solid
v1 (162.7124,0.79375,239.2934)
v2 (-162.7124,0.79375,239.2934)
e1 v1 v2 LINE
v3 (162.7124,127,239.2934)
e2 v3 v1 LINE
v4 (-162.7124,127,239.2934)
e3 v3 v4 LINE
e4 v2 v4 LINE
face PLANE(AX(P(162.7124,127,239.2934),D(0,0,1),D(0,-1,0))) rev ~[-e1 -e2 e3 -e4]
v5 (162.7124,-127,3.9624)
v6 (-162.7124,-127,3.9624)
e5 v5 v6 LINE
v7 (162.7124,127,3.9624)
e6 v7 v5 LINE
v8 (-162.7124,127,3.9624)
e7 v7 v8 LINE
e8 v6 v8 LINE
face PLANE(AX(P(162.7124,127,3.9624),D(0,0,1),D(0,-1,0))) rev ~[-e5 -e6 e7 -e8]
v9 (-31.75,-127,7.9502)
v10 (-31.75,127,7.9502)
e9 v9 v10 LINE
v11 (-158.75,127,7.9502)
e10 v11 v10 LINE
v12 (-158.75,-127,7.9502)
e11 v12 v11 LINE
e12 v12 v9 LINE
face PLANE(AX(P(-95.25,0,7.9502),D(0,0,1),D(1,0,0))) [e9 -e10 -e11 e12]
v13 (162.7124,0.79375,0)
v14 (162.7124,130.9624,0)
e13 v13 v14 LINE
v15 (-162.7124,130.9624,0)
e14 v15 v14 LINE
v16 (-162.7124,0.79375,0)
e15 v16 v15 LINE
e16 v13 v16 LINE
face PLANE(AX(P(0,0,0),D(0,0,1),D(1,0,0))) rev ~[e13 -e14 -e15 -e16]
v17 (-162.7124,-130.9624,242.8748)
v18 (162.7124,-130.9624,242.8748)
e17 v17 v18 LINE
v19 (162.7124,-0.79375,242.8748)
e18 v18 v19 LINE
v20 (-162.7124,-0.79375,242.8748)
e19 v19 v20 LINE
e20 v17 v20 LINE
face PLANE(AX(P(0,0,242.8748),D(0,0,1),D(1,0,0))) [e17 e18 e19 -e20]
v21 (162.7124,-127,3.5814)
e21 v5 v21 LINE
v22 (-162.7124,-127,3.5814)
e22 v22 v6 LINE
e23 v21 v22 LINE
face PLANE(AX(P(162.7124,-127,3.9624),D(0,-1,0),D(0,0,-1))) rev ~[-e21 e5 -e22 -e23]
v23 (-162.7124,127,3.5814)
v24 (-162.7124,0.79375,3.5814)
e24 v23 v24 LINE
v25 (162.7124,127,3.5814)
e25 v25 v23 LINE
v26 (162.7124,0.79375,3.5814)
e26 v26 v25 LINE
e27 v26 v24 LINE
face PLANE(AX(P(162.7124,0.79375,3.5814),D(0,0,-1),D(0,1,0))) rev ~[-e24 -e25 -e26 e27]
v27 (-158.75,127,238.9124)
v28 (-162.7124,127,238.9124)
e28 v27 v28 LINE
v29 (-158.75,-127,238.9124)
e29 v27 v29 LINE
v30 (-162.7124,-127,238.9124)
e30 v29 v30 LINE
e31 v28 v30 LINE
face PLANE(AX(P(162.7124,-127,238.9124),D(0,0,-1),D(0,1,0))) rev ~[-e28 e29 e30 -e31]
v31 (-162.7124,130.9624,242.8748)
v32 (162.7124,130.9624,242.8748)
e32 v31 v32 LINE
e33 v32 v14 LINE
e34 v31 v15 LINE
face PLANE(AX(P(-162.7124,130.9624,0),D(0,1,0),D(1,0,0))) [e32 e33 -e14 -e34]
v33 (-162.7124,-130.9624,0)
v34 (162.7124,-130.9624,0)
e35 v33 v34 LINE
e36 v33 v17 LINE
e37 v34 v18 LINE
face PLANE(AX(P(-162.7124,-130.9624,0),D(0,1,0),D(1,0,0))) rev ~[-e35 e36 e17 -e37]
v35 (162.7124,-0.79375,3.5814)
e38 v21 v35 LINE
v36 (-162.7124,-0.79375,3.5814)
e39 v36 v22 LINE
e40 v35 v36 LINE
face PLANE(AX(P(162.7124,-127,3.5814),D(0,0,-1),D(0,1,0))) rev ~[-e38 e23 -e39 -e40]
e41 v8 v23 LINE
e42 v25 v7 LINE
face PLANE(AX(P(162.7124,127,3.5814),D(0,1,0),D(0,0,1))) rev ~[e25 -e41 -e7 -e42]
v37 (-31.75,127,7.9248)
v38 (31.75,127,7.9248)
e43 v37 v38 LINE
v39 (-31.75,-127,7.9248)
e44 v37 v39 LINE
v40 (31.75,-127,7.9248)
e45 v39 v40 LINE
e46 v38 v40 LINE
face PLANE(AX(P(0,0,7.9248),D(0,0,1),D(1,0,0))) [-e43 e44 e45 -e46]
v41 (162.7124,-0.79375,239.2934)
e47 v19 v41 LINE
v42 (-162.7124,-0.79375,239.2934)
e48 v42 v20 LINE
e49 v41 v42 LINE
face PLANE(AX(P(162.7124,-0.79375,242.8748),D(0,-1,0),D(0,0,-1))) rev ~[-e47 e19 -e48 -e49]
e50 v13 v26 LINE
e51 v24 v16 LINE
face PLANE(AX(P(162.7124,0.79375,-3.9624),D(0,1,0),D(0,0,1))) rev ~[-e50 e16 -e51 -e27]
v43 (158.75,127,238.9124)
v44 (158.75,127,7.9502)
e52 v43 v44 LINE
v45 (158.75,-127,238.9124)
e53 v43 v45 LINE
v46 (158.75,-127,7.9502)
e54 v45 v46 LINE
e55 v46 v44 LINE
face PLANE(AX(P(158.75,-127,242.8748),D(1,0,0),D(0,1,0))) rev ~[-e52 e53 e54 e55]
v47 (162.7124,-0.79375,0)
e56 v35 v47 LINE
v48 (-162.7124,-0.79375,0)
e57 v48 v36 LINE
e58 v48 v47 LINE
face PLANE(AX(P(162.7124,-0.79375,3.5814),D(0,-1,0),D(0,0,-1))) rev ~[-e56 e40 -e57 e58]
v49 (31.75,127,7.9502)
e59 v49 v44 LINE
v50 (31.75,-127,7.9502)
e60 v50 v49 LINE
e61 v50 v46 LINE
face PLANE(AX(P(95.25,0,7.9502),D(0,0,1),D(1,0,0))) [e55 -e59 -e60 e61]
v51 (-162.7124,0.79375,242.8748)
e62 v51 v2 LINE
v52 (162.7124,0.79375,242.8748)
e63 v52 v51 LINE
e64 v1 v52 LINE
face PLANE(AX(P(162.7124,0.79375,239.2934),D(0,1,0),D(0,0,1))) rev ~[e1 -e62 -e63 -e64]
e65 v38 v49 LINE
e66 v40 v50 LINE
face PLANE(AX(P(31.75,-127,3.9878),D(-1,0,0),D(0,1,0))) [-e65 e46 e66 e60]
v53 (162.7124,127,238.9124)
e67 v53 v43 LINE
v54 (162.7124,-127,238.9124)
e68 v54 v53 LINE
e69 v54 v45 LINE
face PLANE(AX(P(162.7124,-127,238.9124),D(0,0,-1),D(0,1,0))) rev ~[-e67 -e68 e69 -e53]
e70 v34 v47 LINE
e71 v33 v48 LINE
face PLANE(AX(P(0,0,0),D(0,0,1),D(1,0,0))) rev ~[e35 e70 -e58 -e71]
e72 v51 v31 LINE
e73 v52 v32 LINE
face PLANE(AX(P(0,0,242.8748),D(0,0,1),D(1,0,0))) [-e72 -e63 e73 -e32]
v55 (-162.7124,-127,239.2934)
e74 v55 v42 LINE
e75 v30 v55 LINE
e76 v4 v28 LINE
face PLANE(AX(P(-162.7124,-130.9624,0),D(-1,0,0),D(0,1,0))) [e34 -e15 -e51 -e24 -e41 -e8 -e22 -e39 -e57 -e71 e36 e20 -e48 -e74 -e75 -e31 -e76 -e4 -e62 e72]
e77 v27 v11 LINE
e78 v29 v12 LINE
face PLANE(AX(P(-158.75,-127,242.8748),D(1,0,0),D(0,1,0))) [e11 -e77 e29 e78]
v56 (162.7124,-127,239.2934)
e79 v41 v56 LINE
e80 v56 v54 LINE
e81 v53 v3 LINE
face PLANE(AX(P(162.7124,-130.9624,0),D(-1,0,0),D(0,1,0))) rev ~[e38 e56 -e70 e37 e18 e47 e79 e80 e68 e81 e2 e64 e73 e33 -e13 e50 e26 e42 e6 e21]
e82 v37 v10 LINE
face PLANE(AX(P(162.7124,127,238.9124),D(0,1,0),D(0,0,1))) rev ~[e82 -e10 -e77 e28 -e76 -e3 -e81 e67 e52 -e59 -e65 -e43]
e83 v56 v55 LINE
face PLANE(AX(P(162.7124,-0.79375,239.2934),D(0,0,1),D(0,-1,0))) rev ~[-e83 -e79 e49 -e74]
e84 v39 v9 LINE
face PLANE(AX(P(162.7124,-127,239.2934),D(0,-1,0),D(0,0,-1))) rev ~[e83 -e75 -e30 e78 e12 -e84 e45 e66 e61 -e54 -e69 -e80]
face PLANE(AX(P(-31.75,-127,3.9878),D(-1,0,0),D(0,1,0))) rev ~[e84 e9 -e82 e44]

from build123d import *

# Parameters (mm, degrees)
F0_W      = 325.4248
F0_H      = 261.9248
F1_DEPTH  = 242.8748
F2_W      = 317.5
F2_H      = 254
F3_DEPTH  = 234.95
F5_DEPTH  = 698.5
F7_W      = 127
F7_H      = 254
F8_DEPTH  = 3.9624
F10_W     = 325.4248
F10_H     = 261.9248
F11_DEPTH = 3.9624
F13_DEPTH = 338.328


with BuildPart() as f1:
    # F0 (on Top) → F1 (new body)
    with BuildSketch(Plane.XY):
        Rectangle(F0_W, F0_H)
    extrude(amount=F1_DEPTH)

    # F2 (on face) → F3 (cut)
    with BuildSketch(Plane.XY.offset(242.8748)):
        Rectangle(F2_W, F2_H)
    extrude(amount=-F3_DEPTH, mode=Mode.SUBTRACT)

    # F4 (on face) → F5 (cut)
    with BuildSketch(Plane.YZ.offset(162.7124)):
        Polygon((127, 3.9624), (0.79375, 3.9624), (-0.79375, 3.9624), (-127, 3.9624), (-127, 3.5814), (-0.79375, 3.5814), (-0.79375, -3.9624), (0.79375, -3.9624), (0.79375, 3.5814), (127, 3.5814), align=None)
    extrude(amount=-F5_DEPTH, mode=Mode.SUBTRACT)

    # F7 (on offset) → F8 (join)
    with BuildSketch(Plane.XY.offset(3.9878)):
        with Locations((95.25, 0)):
            Rectangle(F7_W, F7_H)
        with Locations((-95.25, 0)):
            Rectangle(F7_W, F7_H)
    extrude(amount=F8_DEPTH)

    # F10 (on face) → F11 (join)
    with BuildSketch(Plane.XY.offset(242.8748)):
        Rectangle(F10_W, F10_H)
    extrude(amount=-F11_DEPTH)

    # F12 (on face) → F13 (cut)
    with BuildSketch(Plane.YZ.offset(162.7124)):
        Polygon((0, 242.8748), (-0.79375, 242.8748), (-0.79375, 239.2934), (-127, 239.2934), (-127, 238.9124), (0, 238.9124), align=None)
        Polygon((0.79375, 242.8748), (0, 242.8748), (0, 238.9124), (127, 238.9124), (127, 239.2934), (0.79375, 239.2934), align=None)
    extrude(amount=-F13_DEPTH, mode=Mode.SUBTRACT)


solid = f1.part
